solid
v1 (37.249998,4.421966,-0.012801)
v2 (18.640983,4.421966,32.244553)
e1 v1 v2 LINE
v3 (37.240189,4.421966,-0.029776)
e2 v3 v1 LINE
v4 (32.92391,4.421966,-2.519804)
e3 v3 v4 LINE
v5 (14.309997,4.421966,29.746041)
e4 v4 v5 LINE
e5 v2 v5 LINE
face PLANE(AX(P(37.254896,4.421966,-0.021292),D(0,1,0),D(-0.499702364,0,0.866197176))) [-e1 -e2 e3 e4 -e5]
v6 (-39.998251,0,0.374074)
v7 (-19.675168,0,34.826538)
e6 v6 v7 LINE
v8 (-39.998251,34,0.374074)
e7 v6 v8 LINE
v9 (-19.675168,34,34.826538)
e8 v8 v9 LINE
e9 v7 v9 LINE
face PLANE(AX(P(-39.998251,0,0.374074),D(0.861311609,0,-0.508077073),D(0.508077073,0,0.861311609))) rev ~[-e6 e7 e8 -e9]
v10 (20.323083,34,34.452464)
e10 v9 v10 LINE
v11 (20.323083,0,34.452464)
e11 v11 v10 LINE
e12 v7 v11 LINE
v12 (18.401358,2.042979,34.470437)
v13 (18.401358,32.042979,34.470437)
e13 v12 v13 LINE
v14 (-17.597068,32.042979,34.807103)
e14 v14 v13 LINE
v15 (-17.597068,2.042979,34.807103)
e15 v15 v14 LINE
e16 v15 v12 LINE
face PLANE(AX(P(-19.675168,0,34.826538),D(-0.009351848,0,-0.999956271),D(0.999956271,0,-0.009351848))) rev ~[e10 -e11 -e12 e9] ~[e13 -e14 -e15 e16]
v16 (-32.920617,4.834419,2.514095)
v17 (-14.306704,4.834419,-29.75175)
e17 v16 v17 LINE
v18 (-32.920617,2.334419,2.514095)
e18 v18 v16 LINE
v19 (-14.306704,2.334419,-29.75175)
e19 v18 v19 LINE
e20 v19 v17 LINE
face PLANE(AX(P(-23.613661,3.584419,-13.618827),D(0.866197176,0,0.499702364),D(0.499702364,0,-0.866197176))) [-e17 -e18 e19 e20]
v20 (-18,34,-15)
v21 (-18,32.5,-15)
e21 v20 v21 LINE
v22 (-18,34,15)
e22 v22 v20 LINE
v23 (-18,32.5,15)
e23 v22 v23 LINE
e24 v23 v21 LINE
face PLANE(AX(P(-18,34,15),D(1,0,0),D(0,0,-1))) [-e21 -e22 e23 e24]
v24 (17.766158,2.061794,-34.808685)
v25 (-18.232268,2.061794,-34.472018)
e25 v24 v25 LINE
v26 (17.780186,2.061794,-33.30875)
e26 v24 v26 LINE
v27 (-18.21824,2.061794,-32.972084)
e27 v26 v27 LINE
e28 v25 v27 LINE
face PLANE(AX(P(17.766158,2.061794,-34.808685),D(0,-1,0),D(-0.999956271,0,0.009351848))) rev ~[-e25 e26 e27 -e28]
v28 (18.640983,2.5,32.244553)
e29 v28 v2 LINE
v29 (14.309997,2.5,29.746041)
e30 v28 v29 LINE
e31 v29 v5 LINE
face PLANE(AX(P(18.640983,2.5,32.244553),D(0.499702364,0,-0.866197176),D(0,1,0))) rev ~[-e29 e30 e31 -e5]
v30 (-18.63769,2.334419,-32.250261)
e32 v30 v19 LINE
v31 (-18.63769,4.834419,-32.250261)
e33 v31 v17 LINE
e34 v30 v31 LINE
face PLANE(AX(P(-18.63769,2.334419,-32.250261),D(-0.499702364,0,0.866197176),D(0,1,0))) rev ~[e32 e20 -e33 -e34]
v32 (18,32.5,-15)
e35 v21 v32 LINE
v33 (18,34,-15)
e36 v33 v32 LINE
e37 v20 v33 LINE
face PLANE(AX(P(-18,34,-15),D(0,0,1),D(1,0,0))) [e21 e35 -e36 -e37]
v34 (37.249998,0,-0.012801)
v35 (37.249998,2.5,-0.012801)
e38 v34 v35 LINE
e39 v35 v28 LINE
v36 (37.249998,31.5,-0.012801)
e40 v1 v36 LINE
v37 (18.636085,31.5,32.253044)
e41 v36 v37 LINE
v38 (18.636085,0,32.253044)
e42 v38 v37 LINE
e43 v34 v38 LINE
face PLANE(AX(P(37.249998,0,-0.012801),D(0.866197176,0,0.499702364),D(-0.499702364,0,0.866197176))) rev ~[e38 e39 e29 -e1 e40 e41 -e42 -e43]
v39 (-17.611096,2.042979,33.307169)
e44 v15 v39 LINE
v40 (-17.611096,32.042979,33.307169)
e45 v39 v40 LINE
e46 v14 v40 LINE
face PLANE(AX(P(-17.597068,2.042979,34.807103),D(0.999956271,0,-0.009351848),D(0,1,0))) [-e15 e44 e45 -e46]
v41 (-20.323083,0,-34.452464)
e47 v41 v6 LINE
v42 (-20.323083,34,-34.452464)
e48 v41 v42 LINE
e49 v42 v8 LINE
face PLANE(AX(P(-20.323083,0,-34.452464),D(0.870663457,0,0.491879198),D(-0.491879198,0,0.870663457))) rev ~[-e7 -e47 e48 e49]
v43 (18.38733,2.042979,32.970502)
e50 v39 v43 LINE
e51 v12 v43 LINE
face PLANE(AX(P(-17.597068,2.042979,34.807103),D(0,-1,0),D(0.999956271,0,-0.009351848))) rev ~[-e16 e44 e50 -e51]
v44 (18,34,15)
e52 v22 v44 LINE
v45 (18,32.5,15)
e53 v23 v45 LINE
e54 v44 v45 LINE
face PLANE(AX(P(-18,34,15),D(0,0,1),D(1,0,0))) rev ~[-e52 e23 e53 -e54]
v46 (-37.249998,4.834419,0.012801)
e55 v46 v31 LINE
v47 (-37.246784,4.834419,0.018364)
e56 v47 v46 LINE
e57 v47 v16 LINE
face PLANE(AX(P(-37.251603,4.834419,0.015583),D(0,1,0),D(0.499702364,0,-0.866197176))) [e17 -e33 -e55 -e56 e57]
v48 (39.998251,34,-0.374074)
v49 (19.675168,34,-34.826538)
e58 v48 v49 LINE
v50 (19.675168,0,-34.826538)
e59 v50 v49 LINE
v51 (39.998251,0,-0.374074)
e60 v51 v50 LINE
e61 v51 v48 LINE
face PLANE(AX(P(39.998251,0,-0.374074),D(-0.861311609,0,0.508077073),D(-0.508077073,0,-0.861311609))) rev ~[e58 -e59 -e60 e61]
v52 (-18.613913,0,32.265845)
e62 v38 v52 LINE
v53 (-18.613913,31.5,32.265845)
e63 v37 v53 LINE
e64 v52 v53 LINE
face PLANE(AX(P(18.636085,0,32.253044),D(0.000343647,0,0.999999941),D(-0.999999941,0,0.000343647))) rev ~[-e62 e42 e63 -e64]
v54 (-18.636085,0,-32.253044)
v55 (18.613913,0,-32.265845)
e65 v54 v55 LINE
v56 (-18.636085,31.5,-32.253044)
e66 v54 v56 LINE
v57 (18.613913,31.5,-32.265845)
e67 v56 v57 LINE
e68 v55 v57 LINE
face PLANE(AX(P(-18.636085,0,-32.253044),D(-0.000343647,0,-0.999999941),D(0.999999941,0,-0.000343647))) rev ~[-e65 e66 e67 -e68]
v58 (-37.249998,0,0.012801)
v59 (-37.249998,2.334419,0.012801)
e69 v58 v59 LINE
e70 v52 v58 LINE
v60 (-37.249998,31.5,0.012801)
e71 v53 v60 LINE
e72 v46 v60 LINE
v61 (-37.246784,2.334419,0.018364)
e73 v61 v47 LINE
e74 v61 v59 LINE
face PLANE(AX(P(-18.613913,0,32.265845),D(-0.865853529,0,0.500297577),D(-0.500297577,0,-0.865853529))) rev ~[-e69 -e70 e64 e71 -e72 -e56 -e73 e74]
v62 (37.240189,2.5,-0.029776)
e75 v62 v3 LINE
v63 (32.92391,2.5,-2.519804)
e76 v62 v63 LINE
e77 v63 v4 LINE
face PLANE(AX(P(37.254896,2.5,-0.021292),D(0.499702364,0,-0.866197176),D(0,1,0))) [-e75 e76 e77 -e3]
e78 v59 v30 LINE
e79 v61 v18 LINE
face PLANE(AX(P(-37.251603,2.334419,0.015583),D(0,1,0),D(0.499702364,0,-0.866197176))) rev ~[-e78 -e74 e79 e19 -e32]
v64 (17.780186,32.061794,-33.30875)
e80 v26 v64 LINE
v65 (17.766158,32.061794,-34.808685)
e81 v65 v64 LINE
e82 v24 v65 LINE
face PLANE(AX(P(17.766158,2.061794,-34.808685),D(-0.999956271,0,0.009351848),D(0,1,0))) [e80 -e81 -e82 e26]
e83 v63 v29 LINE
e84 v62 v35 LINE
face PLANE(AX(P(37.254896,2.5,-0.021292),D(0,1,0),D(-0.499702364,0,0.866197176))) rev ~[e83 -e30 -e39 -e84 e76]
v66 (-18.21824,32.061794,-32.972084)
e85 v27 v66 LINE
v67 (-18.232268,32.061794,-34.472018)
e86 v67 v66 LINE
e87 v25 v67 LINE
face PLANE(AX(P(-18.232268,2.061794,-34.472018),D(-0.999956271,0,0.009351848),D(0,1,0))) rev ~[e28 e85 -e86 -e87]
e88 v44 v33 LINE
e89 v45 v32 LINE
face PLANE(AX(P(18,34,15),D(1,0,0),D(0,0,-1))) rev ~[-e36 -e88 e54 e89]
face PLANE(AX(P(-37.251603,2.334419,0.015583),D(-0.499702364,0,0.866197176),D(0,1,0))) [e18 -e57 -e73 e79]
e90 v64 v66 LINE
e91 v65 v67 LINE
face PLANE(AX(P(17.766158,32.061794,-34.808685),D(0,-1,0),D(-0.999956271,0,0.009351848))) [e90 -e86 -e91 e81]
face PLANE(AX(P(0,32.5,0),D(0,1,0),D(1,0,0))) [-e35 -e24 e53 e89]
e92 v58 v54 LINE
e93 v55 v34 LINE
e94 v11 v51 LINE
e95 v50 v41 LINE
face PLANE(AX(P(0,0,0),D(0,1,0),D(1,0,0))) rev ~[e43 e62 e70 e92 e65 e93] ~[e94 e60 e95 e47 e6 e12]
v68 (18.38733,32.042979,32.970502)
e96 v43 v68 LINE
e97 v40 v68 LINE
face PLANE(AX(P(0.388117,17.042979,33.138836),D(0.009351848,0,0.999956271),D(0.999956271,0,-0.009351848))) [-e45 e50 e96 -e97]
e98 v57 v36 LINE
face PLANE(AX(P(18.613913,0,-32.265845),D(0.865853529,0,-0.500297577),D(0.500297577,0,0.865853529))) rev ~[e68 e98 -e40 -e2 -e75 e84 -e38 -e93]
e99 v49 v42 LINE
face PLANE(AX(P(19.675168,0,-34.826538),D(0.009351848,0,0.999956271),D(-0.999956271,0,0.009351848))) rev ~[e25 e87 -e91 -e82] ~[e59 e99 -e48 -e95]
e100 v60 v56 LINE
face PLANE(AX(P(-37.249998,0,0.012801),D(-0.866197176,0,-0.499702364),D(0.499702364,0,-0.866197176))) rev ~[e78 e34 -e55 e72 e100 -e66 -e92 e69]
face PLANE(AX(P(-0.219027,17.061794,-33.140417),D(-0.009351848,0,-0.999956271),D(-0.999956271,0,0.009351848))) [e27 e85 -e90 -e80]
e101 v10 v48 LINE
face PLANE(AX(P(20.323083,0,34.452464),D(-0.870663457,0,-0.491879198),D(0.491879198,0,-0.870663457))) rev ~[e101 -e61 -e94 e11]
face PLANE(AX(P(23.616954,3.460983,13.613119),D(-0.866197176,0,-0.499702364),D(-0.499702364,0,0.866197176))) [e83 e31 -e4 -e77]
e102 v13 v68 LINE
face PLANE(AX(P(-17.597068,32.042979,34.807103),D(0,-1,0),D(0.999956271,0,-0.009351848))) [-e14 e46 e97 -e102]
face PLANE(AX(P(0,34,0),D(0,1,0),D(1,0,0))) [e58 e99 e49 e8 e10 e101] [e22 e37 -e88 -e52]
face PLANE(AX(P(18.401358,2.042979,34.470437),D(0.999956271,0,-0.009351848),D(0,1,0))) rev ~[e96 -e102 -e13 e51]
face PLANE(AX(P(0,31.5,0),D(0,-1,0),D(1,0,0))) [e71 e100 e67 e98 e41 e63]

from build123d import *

# Parameters (mm, degrees)
BOSS_EXTRUDE1_DEPTH = 34
SKETCH2_W           = 36
SKETCH2_H           = 30
CUT_EXTRUDE1_DEPTH  = 1.5
SKETCH3_W           = 36
SKETCH3_H           = 30
CUT_EXTRUDE2_DEPTH  = 1.5
SKETCH4_W           = 36
SKETCH4_H           = 30
CUT_EXTRUDE3_DEPTH  = 1.5
CUT_EXTRUDE5_DEPTH  = 31.5
SKETCH6_W           = 37.25
SKETCH6_H           = 1.921966438
BOSS_EXTRUDE2_DEPTH = 5
SKETCH7_W           = 37.25
SKETCH7_H           = 2.5
BOSS_EXTRUDE3_DEPTH = 5


with BuildPart() as part:
    # Sketch1 → Boss-Extrude1 (new body)
    with BuildSketch(Plane(origin=(0, 0, 0), x_dir=(1, 0, 0), z_dir=(0, 1, 0))):
        Polygon((20.323082913, -34.452464366), (39.998250821, 0.374073902), (19.675167908, 34.826538269), (-20.323082913, 34.452464366), (-39.998250821, -0.374073902), (-19.675167908, -34.826538269), align=None)
    extrude(amount=BOSS_EXTRUDE1_DEPTH)

    # Sketch2 → Cut-Extrude1 (cut)
    with BuildSketch(Plane(origin=(0.323957502, 0, 34.639501318), x_dir=(0.9999562705174567, 0, -0.00935184756179416), z_dir=(0.009351847561794161, 0, 0.9999562705174567))):
        with Locations((0.07819078, 17.042979031)):
            Rectangle(SKETCH2_W, SKETCH2_H)
    extrude(amount=-CUT_EXTRUDE1_DEPTH, mode=Mode.SUBTRACT)

    # Sketch3 → Cut-Extrude2 (cut)
    with BuildSketch(Plane(origin=(-0.323957502, 0, -34.639501318), x_dir=(-0.9999562705174567, 0, 0.009351847561793986), z_dir=(-0.009351847561793988, 0, -0.9999562705174567))):
        with Locations((-0.090906466, 17.061793862)):
            Rectangle(SKETCH3_W, SKETCH3_H)
    extrude(amount=-CUT_EXTRUDE2_DEPTH, mode=Mode.SUBTRACT)

    # Sketch4 → Cut-Extrude3 (cut)
    with BuildSketch(Plane(origin=(0, 34, 0), x_dir=(1, 0, 0), z_dir=(0, 1, 0))):
        Rectangle(SKETCH4_W, SKETCH4_H)
    extrude(amount=-CUT_EXTRUDE3_DEPTH, mode=Mode.SUBTRACT)

    # Sketch5 → Cut-Extrude5 (cut)
    with BuildSketch(Plane.XZ):
        Polygon((37.249997801, -0.012800837), (18.63608475, 32.253043968), (-18.61391305, 32.265844805), (-37.249997801, 0.012800837), (-18.63608475, -32.253043968), (18.61391305, -32.265844805), align=None)
    extrude(amount=-CUT_EXTRUDE5_DEPTH, mode=Mode.SUBTRACT)

    # Sketch6 → Boss-Extrude2 (add)
    with BuildSketch(Plane(origin=(27.943041275, 0, 16.120121566), x_dir=(-0.4997023637702259, 0, 0.8661971759607906), z_dir=(-0.8661971759607907, 0, -0.499702363770226))):
        with Locations((-0.009802695, 3.460983219)):
            Rectangle(SKETCH6_W, SKETCH6_H)
    extrude(amount=BOSS_EXTRUDE2_DEPTH)

    # Sketch7 → Boss-Extrude3 (add)
    with BuildSketch(Plane(origin=(-27.943041275, 0, -16.120121566), x_dir=(0.49970236377022564, 0, -0.8661971759607908), z_dir=(0.8661971759607908, 0, 0.49970236377022564))):
        with Locations((-0.003212365, 3.584418616)):
            Rectangle(SKETCH7_W, SKETCH7_H)
    extrude(amount=BOSS_EXTRUDE3_DEPTH)


solid = part.part
